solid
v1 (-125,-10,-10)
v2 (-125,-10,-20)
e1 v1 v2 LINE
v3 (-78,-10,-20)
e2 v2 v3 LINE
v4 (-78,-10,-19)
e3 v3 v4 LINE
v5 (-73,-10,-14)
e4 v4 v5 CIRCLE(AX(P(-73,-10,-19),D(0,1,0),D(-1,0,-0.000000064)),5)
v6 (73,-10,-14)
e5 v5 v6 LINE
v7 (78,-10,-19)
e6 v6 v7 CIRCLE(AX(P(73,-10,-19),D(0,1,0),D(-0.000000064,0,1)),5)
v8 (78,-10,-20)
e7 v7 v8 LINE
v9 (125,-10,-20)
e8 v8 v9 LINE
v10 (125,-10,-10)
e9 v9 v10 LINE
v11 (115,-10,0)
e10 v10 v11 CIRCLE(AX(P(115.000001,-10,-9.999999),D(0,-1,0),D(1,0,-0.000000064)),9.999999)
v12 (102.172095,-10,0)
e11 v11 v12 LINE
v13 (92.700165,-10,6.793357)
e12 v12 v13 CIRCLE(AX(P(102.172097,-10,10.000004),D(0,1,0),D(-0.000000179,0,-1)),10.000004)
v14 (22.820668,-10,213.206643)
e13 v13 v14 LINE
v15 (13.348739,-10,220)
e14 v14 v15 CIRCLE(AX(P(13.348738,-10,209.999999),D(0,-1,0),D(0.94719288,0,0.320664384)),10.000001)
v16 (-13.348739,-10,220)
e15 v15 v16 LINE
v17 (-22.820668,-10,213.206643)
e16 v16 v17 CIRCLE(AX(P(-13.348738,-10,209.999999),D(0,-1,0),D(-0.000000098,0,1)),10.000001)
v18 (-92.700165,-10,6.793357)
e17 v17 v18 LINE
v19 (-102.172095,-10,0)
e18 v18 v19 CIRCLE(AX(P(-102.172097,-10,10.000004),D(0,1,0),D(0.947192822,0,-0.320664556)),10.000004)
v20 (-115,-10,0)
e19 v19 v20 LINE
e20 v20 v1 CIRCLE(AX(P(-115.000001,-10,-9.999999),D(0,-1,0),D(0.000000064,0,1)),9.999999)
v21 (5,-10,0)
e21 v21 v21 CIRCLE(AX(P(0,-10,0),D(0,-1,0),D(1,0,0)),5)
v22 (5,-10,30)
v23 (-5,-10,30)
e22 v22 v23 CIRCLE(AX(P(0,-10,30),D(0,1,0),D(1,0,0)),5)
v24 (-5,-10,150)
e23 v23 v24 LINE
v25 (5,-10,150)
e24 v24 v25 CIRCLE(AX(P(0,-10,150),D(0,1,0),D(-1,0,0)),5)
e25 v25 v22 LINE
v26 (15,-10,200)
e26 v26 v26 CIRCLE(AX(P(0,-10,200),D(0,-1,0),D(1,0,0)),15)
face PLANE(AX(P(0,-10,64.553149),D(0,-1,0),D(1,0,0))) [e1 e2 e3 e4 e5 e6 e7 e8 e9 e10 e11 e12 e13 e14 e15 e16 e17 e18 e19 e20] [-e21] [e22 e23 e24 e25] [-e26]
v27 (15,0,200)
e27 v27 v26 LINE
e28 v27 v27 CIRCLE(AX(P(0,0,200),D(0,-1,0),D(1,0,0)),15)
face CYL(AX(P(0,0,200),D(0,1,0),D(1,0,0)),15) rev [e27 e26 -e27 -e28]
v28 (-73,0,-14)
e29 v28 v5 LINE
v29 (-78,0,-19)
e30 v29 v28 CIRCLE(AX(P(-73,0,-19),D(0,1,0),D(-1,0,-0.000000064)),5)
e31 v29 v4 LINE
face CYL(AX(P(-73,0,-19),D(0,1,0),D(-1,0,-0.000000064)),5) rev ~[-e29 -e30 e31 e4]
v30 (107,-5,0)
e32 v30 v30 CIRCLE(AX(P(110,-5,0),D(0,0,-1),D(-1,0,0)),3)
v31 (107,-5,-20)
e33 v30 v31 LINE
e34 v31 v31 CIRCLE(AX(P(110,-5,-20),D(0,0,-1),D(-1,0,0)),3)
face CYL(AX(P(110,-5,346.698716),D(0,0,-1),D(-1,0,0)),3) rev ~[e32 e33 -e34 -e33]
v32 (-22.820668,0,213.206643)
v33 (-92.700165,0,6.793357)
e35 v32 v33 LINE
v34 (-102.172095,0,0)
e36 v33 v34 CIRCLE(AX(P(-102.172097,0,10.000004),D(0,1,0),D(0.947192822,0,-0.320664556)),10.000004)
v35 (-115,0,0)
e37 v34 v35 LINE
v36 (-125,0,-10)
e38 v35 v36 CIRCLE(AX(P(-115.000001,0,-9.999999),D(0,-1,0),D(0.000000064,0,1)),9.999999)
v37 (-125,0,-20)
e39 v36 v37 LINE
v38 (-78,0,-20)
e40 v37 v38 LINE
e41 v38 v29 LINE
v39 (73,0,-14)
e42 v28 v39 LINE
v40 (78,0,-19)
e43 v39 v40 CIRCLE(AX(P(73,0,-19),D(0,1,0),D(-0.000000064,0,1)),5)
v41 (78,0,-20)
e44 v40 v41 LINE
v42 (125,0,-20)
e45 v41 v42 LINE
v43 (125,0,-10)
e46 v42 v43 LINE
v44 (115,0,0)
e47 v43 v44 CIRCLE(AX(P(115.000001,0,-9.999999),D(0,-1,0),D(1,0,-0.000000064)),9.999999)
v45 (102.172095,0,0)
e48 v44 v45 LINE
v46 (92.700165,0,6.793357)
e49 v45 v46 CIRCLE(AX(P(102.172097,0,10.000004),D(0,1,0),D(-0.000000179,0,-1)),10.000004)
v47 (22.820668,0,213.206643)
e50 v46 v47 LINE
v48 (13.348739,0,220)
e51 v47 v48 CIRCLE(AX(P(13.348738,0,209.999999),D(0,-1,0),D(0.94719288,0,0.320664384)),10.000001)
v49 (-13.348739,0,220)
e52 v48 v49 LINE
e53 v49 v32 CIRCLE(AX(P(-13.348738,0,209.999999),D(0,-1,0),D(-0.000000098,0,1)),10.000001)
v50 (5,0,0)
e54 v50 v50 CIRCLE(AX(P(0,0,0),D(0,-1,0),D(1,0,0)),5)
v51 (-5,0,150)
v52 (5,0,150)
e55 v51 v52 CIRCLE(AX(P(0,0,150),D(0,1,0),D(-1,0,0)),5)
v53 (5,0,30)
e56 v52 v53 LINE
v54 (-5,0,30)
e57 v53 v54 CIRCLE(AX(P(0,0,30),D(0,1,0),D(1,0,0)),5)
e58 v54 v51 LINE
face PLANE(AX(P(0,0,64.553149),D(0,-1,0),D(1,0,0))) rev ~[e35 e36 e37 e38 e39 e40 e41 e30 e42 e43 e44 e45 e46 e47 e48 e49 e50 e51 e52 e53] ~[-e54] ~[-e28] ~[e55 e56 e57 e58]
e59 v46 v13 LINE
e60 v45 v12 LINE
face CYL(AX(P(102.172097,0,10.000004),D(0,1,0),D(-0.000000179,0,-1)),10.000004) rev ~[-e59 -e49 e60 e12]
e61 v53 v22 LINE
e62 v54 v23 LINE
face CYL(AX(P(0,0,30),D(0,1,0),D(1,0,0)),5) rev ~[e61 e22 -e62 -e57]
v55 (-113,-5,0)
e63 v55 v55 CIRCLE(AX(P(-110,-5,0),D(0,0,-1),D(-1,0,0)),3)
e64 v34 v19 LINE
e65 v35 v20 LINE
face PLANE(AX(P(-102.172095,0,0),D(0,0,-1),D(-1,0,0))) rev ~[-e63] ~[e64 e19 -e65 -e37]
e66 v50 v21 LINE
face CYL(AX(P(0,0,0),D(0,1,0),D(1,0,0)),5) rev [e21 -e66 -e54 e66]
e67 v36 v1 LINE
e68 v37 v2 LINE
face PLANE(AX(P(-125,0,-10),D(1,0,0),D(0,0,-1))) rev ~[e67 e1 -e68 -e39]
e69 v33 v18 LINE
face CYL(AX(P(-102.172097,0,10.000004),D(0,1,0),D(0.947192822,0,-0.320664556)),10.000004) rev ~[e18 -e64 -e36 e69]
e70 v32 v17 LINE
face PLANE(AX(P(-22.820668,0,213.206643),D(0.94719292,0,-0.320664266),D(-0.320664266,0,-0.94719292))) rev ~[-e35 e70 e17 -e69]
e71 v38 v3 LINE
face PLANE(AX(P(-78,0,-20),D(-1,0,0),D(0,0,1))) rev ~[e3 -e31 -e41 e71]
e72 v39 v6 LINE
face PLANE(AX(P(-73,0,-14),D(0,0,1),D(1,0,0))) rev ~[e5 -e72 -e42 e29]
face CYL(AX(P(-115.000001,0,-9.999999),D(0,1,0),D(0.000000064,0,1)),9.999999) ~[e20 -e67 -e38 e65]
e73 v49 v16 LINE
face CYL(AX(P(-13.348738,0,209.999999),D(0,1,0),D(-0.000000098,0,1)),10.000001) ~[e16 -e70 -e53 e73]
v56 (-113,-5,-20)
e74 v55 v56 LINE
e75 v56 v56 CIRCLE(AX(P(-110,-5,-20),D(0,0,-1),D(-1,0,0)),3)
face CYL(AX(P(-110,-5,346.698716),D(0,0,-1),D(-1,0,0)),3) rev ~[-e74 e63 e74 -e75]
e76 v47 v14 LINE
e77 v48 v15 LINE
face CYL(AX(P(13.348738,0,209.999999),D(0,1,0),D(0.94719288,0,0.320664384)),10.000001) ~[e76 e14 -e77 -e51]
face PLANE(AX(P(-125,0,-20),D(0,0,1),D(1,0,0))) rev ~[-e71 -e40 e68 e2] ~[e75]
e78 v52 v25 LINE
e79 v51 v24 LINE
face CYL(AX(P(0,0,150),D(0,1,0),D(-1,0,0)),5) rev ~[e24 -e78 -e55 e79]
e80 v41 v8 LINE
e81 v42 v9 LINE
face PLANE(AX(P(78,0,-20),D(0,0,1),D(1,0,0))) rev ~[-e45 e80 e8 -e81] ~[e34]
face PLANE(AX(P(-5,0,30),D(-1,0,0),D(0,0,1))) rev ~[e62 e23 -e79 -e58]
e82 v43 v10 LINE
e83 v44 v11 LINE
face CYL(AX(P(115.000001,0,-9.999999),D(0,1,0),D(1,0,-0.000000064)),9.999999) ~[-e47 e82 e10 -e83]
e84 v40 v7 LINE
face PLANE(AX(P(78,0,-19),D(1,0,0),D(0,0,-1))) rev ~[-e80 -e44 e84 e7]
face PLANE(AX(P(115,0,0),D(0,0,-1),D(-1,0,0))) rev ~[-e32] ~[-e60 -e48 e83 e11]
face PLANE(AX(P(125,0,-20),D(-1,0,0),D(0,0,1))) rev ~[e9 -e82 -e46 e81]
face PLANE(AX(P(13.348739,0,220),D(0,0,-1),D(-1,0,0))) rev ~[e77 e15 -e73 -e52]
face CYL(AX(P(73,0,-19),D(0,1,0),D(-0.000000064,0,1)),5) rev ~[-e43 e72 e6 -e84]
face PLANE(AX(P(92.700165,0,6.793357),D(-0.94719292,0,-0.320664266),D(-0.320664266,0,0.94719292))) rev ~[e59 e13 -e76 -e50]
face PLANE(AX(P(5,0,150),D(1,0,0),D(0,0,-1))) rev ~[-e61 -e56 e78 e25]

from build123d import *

# Parameters (mm, degrees)
F0_R     = 5
F0_R_2   = 15
F1_DEPTH = 10
F3_D     = 6


with BuildPart() as f1:
    # F0 (on Front) → F1 (new body)
    with BuildSketch(Plane.XZ):
        with BuildLine():
            Line((-125, -10), (-125, -20))
            Line((-125, -20), (-78, -20))
            Line((-78, -20), (-78, -19))
            ThreePointArc((-78, -19), (-76.535534, -15.464466), (-73, -14))
            Line((-73, -14), (73, -14))
            ThreePointArc((73, -14), (76.535534, -15.464466), (78, -19))
            Line((78, -19), (78, -20))
            Line((78, -20), (125, -20))
            Line((125, -20), (125, -10))
            ThreePointArc((125, -10), (122.071068, -2.928932), (115, 0))
            Line((115, 0), (102.172095, 0))
            ThreePointArc((102.172095, 0), (96.343992, 1.873918), (92.700165, 6.793357))
            Line((92.700165, 6.793357), (22.820668, 213.206643))
            ThreePointArc((22.820668, 213.206643), (19.176842, 218.126082), (13.348739, 220))
            Line((13.348739, 220), (0, 220))
            Line((0, 220), (-13.348739, 220))
            ThreePointArc((-13.348739, 220), (-19.176842, 218.126082), (-22.820668, 213.206643))
            Line((-22.820668, 213.206643), (-92.700165, 6.793357))
            ThreePointArc((-92.700165, 6.793357), (-96.343992, 1.873918), (-102.172095, 0))
            Line((-102.172095, 0), (-115, 0))
            ThreePointArc((-115, 0), (-122.071068, -2.928932), (-125, -10))
        make_face()
        Circle(F0_R, mode=Mode.SUBTRACT)
        with BuildLine():
            ThreePointArc((-5, 150), (0, 155), (5, 150))
            Line((5, 150), (5, 30))
            ThreePointArc((5, 30), (0, 25), (-5, 30))
            Line((-5, 30), (-5, 150))
        make_face(mode=Mode.SUBTRACT)
        with Locations((0, 200)):
            Circle(F0_R_2, mode=Mode.SUBTRACT)
    extrude(amount=F1_DEPTH)

    # F3 (through all)
    with Locations(Plane.XY):
        with Locations((-110, -5), (110, -5)):
            Hole(F3_D / 2)


solid = f1.part
